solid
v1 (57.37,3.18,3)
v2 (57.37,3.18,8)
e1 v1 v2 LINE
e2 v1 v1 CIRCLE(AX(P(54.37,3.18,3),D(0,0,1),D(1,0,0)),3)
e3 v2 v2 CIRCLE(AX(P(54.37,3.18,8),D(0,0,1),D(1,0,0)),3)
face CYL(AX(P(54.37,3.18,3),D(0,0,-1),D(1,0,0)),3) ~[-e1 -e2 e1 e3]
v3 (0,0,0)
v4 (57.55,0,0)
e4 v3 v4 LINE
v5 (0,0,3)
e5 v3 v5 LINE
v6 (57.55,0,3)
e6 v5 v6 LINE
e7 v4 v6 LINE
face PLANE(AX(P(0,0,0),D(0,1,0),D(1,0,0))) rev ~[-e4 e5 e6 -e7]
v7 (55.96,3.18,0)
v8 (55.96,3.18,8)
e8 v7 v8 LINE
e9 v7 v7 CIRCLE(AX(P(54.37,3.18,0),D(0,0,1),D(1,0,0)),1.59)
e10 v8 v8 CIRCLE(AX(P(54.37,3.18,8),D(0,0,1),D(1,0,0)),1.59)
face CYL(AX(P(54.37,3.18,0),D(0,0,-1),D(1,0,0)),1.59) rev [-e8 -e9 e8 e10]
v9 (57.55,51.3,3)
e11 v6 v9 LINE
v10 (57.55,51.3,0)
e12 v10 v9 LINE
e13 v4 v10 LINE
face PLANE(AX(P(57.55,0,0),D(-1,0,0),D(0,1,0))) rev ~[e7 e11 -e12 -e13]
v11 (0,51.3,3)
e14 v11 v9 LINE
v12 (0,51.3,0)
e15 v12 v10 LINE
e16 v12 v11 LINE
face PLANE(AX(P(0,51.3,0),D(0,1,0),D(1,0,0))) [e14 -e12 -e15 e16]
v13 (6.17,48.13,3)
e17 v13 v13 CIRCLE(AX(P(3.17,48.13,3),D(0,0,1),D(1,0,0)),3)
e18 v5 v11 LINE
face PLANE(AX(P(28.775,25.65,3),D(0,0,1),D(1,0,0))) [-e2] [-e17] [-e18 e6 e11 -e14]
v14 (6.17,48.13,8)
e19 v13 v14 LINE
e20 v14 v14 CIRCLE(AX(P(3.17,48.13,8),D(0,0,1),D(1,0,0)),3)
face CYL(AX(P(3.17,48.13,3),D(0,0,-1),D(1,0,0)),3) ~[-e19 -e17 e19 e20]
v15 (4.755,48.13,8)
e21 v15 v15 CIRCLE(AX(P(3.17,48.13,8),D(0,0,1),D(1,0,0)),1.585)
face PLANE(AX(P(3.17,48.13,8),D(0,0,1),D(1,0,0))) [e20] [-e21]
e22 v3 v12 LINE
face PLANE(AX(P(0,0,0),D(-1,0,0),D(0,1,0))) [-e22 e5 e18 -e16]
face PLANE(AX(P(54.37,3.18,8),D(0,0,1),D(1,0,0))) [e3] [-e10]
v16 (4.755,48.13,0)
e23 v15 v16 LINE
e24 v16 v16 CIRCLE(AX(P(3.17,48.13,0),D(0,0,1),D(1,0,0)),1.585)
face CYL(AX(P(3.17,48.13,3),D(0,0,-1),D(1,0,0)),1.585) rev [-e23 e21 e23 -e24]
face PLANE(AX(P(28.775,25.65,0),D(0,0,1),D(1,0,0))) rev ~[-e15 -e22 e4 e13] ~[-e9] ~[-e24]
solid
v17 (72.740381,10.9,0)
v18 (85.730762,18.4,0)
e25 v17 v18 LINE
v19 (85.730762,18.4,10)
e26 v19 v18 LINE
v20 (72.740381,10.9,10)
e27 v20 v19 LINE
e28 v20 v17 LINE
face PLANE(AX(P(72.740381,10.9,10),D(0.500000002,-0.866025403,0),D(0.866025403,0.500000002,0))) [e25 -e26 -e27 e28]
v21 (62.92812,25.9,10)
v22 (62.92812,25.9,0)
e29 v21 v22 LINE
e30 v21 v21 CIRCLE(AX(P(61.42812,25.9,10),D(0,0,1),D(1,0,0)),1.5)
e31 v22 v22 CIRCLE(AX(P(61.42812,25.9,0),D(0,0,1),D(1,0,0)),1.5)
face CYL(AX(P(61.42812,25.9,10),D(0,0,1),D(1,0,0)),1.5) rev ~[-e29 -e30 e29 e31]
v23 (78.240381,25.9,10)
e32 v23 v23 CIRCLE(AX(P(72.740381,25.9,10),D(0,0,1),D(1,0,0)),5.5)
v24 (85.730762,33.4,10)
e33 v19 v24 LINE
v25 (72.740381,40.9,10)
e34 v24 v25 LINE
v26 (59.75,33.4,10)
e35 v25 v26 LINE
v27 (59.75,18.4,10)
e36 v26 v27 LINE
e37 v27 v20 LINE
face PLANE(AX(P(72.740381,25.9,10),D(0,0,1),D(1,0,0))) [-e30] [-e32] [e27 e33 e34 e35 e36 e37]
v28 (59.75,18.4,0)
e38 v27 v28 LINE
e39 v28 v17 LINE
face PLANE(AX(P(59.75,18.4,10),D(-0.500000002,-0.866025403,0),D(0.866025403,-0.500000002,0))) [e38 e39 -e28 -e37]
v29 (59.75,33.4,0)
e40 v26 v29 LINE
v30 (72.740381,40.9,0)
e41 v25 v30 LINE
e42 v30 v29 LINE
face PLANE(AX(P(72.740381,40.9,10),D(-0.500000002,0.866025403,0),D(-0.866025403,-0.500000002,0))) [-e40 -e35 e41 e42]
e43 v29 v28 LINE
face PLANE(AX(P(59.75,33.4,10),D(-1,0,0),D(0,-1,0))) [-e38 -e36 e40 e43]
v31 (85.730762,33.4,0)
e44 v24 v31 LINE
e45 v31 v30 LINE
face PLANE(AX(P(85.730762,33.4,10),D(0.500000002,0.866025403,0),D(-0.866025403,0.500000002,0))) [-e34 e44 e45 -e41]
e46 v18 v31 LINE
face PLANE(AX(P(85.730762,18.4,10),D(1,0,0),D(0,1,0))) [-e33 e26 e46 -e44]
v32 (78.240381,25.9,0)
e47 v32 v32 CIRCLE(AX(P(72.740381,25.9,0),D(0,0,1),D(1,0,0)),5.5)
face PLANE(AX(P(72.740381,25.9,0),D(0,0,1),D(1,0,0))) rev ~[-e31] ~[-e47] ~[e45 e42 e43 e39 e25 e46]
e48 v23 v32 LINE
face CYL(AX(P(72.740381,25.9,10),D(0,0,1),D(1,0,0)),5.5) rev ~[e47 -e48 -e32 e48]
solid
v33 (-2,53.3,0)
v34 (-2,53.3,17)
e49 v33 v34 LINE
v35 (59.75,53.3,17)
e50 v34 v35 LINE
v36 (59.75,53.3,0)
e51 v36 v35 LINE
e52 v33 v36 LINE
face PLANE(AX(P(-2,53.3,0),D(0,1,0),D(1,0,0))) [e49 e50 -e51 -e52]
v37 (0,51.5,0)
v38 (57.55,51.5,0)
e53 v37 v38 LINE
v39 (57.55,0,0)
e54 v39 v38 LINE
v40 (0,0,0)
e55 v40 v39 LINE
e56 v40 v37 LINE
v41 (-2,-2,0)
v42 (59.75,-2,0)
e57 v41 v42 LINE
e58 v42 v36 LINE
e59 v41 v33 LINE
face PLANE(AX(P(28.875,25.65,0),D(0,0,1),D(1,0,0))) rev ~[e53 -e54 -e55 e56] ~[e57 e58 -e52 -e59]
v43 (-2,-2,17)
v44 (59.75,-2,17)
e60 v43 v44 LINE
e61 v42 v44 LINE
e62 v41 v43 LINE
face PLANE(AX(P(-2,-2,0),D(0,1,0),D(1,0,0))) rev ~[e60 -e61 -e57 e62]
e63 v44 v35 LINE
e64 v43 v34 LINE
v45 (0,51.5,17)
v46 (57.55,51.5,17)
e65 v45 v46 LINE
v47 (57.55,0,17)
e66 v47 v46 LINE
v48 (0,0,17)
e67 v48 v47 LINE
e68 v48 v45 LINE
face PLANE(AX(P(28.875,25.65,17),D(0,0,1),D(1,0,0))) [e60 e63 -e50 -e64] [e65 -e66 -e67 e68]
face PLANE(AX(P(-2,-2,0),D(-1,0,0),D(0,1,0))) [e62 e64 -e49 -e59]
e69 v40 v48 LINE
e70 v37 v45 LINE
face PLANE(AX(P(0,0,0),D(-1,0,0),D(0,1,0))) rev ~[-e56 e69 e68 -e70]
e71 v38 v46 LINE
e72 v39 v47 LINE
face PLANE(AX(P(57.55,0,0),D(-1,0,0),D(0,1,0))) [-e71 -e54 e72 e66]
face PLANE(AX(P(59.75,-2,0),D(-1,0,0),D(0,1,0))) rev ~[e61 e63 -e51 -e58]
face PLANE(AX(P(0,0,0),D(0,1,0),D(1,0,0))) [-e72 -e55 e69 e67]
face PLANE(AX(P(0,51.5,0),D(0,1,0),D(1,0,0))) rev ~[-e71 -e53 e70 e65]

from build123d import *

# Parameters (mm, degrees)
SKETCH001_W   = 61.75
SKETCH001_H   = 55.3
SKETCH001_W_2 = 57.55
SKETCH001_H_2 = 51.5
PAD001_DEPTH  = 17
SKETCH_W      = 57.55
SKETCH_H      = 51.3
SKETCH_R      = 1.59
SKETCH_R_2    = 1.585
PAD_DEPTH     = 3
SKETCH003_R   = 3
SKETCH003_R_2 = 1.585
SKETCH003_R_3 = 1.59
PAD005_DEPTH  = 5
SKETCH002_R   = 5.5
PAD004_DEPTH  = 10
SKETCH004_R   = 1.5
POCKET_DEPTH  = 10


with BuildPart() as pad001:
    # Sketch001 → Pad001 (new body)
    with BuildSketch(Plane.XY):
        with Locations((28.875, 25.65)):
            Rectangle(SKETCH001_W, SKETCH001_H)
        with Locations((28.775, 25.75)):
            Rectangle(SKETCH001_W_2, SKETCH001_H_2, mode=Mode.SUBTRACT)
    extrude(amount=PAD001_DEPTH)


with BuildPart() as pad005:
    # Sketch → Pad (new body)
    with BuildSketch(Plane.XY):
        with Locations((28.775, 25.65)):
            Rectangle(SKETCH_W, SKETCH_H)
        with Locations((54.37, 3.18)):
            Circle(SKETCH_R, mode=Mode.SUBTRACT)
        with Locations((3.17, 48.13)):
            Circle(SKETCH_R_2, mode=Mode.SUBTRACT)
    extrude(amount=PAD_DEPTH)

    # Sketch003 → Pad005 (new body)
    with BuildSketch(Plane.XY.offset(3)):
        with Locations((3.17, 48.13)):
            Circle(SKETCH003_R)
        with Locations((3.17, 48.13)):
            Circle(SKETCH003_R_2, mode=Mode.SUBTRACT)
        with Locations((54.37, 3.18)):
            Circle(SKETCH003_R)
        with Locations((54.37, 3.18)):
            Circle(SKETCH003_R_3, mode=Mode.SUBTRACT)
    extrude(amount=PAD005_DEPTH)


with BuildPart() as pocket:
    # Sketch002 → Pad004 (new body)
    with BuildSketch(Plane.XY.offset(10)):
        Polygon((85.730762, 33.4), (72.740381, 40.9), (59.75, 33.4), (59.75, 18.4), (72.740381, 10.9), (85.730762, 18.4), align=None)
        with Locations((72.740381, 25.9)):
            Circle(SKETCH002_R, mode=Mode.SUBTRACT)
    extrude(amount=-PAD004_DEPTH)

    # Sketch004 → Pocket (cut)
    with BuildSketch(Plane.XY.offset(10)):
        with Locations((61.42812, 25.9)):
            Circle(SKETCH004_R)
    extrude(amount=-POCKET_DEPTH, mode=Mode.SUBTRACT)


solid = Compound([pad001.part, pad005.part, pocket.part])
